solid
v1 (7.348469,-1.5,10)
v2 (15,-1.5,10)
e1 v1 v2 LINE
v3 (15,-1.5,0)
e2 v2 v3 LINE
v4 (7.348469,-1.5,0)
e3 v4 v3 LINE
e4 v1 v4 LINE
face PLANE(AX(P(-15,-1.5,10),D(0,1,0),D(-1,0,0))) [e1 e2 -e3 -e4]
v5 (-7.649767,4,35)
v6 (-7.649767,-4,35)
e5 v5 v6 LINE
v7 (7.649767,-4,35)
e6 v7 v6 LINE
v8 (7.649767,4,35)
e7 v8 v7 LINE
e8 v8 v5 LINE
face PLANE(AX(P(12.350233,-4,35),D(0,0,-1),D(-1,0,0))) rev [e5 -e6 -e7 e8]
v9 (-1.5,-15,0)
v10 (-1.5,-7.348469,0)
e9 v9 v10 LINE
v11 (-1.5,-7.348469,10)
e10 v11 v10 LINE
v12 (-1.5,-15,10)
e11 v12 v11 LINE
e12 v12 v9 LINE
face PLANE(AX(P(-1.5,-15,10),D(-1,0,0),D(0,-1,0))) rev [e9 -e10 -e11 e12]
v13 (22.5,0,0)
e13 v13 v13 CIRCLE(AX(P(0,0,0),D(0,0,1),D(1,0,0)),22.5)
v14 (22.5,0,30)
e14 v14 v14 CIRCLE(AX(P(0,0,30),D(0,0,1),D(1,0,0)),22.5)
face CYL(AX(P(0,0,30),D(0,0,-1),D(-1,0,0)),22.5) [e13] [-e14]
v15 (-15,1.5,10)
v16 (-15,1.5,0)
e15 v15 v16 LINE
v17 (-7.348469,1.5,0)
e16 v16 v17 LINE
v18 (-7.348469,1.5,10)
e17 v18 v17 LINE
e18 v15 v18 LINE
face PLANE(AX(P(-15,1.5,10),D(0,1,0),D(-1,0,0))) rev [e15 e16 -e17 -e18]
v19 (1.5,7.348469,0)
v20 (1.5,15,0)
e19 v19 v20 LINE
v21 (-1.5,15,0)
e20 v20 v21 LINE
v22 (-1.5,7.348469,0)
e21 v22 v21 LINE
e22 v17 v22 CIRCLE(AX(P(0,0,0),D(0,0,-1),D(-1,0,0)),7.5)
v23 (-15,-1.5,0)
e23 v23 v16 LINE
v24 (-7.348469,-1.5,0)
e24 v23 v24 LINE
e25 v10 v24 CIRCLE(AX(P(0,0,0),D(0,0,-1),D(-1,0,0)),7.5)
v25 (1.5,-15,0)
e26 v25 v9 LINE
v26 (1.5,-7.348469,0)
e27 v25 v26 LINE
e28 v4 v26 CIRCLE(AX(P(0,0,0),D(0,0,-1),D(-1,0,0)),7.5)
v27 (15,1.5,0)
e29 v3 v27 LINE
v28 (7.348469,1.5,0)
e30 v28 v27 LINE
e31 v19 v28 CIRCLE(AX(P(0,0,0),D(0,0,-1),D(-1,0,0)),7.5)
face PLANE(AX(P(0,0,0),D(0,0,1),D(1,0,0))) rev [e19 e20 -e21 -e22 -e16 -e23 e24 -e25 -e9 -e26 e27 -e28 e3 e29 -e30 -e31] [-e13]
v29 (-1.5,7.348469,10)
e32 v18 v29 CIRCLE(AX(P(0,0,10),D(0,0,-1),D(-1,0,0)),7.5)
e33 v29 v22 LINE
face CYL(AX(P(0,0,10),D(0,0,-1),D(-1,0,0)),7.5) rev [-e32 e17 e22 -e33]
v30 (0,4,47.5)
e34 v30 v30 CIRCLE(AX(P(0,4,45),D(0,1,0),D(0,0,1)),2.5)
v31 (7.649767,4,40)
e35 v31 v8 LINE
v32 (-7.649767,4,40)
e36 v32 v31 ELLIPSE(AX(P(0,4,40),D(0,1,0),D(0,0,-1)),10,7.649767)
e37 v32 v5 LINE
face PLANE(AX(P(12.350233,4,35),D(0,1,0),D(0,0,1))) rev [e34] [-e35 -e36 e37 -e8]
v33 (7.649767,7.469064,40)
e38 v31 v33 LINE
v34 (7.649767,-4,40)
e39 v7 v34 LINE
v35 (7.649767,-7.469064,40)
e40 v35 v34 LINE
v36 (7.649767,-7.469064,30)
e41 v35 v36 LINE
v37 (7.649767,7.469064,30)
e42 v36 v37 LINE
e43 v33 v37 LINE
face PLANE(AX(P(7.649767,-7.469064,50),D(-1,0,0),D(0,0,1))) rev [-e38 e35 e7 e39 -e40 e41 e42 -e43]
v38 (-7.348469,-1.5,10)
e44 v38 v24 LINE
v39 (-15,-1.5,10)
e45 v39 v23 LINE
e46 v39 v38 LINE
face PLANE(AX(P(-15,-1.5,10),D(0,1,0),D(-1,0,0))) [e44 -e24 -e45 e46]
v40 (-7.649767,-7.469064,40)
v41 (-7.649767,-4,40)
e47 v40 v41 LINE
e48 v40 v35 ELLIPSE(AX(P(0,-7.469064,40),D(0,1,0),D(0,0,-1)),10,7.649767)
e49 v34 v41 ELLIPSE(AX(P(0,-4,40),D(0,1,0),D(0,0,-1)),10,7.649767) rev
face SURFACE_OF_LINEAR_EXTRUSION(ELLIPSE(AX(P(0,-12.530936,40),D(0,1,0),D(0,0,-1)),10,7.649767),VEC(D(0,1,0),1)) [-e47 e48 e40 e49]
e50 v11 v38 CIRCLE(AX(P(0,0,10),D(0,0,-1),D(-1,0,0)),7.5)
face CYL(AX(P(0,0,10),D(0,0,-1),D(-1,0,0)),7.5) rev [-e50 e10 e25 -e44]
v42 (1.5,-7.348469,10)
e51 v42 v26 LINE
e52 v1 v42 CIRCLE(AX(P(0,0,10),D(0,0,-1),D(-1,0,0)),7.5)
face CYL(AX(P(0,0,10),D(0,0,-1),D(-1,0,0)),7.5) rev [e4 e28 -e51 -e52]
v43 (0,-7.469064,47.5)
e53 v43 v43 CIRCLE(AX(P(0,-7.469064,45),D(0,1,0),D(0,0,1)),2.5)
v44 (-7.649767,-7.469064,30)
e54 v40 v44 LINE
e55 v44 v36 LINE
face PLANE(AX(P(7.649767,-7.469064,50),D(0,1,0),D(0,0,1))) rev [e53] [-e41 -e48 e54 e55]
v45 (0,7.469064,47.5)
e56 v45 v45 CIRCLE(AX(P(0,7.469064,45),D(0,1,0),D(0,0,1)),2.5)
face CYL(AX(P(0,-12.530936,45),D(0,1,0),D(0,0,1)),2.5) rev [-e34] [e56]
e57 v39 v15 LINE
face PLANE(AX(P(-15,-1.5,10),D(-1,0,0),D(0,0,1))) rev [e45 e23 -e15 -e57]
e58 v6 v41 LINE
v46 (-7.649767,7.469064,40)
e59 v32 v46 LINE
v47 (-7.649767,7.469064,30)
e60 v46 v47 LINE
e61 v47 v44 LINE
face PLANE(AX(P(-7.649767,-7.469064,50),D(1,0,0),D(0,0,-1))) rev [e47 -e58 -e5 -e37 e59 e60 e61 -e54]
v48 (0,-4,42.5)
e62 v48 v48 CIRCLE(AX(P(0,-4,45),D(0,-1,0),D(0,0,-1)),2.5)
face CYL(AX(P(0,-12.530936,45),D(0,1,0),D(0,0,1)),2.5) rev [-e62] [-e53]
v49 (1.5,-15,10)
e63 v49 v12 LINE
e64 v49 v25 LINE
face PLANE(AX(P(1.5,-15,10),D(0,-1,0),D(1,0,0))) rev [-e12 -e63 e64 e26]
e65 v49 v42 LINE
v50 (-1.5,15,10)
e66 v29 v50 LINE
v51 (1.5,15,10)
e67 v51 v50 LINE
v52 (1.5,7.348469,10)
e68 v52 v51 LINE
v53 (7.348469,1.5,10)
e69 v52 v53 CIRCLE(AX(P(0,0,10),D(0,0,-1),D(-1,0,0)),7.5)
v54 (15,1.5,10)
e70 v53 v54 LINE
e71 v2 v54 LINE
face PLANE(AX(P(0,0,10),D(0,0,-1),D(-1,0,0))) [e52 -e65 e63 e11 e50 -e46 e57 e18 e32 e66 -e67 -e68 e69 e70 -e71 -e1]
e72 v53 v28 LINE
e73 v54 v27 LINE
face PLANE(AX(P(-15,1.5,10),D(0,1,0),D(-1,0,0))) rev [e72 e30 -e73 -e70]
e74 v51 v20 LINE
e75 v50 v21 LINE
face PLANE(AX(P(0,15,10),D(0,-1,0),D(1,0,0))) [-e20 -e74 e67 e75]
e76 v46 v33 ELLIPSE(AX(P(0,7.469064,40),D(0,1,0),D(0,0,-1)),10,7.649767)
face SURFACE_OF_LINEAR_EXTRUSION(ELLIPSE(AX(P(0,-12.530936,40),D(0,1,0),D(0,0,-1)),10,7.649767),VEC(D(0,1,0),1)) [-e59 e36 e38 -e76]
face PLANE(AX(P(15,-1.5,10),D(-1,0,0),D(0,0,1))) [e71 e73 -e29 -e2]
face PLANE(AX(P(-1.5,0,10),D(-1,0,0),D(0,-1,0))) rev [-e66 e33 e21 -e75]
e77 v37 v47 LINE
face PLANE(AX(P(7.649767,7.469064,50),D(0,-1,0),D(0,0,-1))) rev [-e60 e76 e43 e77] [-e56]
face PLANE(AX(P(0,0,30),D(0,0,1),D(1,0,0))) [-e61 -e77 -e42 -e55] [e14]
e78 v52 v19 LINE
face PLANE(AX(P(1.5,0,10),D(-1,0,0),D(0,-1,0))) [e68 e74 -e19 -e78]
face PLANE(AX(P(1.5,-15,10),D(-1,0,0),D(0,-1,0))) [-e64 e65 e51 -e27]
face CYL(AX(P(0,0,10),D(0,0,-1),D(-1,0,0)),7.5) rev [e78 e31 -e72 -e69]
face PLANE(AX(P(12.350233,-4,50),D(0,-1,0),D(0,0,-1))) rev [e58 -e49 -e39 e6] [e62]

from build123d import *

# Parameters (mm, degrees)
SKETCH1_R           = 22.5
BOSS_EXTRUDE1_DEPTH = 30
SKETCH2_R           = 7.5
SKETCH2_W           = 3
SKETCH2_H           = 30
SKETCH2_W_2         = 30
SKETCH2_H_2         = 3
CUT_EXTRUDE1_DEPTH  = 10
SKETCH3_W           = 15.299534312
SKETCH3_H           = 14.93812799
BOSS_EXTRUDE2_DEPTH = 20
CUT_EXTRUDE2_DEPTH  = 20
SKETCH5_R           = 2.5
CUT_EXTRUDE4_DEPTH  = 20


with BuildPart() as part:
    # Sketch1 → Boss-Extrude1 (new body)
    with BuildSketch(Plane.XY):
        Circle(SKETCH1_R)
    extrude(amount=BOSS_EXTRUDE1_DEPTH)

    # Sketch2 → Cut-Extrude1 (cut)
    with BuildSketch(Plane(origin=(0, 0, 0), x_dir=(-1, 0, 0), z_dir=(0, 0, -1))):
        Circle(SKETCH2_R)
        Rectangle(SKETCH2_W, SKETCH2_H)
        Rectangle(SKETCH2_W_2, SKETCH2_H_2)
    extrude(amount=-CUT_EXTRUDE1_DEPTH, mode=Mode.SUBTRACT)

    # Sketch3 → Boss-Extrude2 (add)
    with BuildSketch(Plane.XY.offset(30)):
        Rectangle(SKETCH3_W, SKETCH3_H)
    extrude(amount=BOSS_EXTRUDE2_DEPTH)

    # Sketch4 → Cut-Extrude2 (cut)
    with BuildSketch(Plane.ZY.offset(7.649767156)):
        Polygon((40, 4), (50, 4), (50, 0), (50, -4), (40, -4), (35, -4), (35, 4), align=None)
    extrude(amount=-CUT_EXTRUDE2_DEPTH, mode=Mode.SUBTRACT)

    # Sketch5 → Cut-Extrude4 (cut)
    with BuildSketch(Plane(origin=(0, 7.469063995, 0), x_dir=(1, 0, 0), z_dir=(0, 1, 0))):
        with Locations((0, -45)):
            Circle(SKETCH5_R)
        with BuildLine():
            Line((7.649767156, -50), (7.649767156, -40))
            add(Edge.make_bspline(
                [(0, -50), (7.649767156, -50), (7.649767156, -40)],
                knots=[3.141592654, 3.141592654, 3.141592654, 4.71238898, 4.71238898, 4.71238898], degree=2, weights=[1, 0.707106781, 1]))
            Line((0, -50), (7.649767156, -50))
        make_face()
        with BuildLine():
            Line((-7.649767156, -50), (0, -50))
            add(Edge.make_bspline(
                [(-7.649767156, -40), (-7.649767156, -50), (0, -50)],
                knots=[1.570796327, 1.570796327, 1.570796327, 3.141592654, 3.141592654, 3.141592654], degree=2, weights=[1, 0.707106781, 1]))
            Line((-7.649767156, -40), (-7.649767156, -50))
        make_face()
    extrude(amount=-CUT_EXTRUDE4_DEPTH, mode=Mode.SUBTRACT)


solid = part.part
